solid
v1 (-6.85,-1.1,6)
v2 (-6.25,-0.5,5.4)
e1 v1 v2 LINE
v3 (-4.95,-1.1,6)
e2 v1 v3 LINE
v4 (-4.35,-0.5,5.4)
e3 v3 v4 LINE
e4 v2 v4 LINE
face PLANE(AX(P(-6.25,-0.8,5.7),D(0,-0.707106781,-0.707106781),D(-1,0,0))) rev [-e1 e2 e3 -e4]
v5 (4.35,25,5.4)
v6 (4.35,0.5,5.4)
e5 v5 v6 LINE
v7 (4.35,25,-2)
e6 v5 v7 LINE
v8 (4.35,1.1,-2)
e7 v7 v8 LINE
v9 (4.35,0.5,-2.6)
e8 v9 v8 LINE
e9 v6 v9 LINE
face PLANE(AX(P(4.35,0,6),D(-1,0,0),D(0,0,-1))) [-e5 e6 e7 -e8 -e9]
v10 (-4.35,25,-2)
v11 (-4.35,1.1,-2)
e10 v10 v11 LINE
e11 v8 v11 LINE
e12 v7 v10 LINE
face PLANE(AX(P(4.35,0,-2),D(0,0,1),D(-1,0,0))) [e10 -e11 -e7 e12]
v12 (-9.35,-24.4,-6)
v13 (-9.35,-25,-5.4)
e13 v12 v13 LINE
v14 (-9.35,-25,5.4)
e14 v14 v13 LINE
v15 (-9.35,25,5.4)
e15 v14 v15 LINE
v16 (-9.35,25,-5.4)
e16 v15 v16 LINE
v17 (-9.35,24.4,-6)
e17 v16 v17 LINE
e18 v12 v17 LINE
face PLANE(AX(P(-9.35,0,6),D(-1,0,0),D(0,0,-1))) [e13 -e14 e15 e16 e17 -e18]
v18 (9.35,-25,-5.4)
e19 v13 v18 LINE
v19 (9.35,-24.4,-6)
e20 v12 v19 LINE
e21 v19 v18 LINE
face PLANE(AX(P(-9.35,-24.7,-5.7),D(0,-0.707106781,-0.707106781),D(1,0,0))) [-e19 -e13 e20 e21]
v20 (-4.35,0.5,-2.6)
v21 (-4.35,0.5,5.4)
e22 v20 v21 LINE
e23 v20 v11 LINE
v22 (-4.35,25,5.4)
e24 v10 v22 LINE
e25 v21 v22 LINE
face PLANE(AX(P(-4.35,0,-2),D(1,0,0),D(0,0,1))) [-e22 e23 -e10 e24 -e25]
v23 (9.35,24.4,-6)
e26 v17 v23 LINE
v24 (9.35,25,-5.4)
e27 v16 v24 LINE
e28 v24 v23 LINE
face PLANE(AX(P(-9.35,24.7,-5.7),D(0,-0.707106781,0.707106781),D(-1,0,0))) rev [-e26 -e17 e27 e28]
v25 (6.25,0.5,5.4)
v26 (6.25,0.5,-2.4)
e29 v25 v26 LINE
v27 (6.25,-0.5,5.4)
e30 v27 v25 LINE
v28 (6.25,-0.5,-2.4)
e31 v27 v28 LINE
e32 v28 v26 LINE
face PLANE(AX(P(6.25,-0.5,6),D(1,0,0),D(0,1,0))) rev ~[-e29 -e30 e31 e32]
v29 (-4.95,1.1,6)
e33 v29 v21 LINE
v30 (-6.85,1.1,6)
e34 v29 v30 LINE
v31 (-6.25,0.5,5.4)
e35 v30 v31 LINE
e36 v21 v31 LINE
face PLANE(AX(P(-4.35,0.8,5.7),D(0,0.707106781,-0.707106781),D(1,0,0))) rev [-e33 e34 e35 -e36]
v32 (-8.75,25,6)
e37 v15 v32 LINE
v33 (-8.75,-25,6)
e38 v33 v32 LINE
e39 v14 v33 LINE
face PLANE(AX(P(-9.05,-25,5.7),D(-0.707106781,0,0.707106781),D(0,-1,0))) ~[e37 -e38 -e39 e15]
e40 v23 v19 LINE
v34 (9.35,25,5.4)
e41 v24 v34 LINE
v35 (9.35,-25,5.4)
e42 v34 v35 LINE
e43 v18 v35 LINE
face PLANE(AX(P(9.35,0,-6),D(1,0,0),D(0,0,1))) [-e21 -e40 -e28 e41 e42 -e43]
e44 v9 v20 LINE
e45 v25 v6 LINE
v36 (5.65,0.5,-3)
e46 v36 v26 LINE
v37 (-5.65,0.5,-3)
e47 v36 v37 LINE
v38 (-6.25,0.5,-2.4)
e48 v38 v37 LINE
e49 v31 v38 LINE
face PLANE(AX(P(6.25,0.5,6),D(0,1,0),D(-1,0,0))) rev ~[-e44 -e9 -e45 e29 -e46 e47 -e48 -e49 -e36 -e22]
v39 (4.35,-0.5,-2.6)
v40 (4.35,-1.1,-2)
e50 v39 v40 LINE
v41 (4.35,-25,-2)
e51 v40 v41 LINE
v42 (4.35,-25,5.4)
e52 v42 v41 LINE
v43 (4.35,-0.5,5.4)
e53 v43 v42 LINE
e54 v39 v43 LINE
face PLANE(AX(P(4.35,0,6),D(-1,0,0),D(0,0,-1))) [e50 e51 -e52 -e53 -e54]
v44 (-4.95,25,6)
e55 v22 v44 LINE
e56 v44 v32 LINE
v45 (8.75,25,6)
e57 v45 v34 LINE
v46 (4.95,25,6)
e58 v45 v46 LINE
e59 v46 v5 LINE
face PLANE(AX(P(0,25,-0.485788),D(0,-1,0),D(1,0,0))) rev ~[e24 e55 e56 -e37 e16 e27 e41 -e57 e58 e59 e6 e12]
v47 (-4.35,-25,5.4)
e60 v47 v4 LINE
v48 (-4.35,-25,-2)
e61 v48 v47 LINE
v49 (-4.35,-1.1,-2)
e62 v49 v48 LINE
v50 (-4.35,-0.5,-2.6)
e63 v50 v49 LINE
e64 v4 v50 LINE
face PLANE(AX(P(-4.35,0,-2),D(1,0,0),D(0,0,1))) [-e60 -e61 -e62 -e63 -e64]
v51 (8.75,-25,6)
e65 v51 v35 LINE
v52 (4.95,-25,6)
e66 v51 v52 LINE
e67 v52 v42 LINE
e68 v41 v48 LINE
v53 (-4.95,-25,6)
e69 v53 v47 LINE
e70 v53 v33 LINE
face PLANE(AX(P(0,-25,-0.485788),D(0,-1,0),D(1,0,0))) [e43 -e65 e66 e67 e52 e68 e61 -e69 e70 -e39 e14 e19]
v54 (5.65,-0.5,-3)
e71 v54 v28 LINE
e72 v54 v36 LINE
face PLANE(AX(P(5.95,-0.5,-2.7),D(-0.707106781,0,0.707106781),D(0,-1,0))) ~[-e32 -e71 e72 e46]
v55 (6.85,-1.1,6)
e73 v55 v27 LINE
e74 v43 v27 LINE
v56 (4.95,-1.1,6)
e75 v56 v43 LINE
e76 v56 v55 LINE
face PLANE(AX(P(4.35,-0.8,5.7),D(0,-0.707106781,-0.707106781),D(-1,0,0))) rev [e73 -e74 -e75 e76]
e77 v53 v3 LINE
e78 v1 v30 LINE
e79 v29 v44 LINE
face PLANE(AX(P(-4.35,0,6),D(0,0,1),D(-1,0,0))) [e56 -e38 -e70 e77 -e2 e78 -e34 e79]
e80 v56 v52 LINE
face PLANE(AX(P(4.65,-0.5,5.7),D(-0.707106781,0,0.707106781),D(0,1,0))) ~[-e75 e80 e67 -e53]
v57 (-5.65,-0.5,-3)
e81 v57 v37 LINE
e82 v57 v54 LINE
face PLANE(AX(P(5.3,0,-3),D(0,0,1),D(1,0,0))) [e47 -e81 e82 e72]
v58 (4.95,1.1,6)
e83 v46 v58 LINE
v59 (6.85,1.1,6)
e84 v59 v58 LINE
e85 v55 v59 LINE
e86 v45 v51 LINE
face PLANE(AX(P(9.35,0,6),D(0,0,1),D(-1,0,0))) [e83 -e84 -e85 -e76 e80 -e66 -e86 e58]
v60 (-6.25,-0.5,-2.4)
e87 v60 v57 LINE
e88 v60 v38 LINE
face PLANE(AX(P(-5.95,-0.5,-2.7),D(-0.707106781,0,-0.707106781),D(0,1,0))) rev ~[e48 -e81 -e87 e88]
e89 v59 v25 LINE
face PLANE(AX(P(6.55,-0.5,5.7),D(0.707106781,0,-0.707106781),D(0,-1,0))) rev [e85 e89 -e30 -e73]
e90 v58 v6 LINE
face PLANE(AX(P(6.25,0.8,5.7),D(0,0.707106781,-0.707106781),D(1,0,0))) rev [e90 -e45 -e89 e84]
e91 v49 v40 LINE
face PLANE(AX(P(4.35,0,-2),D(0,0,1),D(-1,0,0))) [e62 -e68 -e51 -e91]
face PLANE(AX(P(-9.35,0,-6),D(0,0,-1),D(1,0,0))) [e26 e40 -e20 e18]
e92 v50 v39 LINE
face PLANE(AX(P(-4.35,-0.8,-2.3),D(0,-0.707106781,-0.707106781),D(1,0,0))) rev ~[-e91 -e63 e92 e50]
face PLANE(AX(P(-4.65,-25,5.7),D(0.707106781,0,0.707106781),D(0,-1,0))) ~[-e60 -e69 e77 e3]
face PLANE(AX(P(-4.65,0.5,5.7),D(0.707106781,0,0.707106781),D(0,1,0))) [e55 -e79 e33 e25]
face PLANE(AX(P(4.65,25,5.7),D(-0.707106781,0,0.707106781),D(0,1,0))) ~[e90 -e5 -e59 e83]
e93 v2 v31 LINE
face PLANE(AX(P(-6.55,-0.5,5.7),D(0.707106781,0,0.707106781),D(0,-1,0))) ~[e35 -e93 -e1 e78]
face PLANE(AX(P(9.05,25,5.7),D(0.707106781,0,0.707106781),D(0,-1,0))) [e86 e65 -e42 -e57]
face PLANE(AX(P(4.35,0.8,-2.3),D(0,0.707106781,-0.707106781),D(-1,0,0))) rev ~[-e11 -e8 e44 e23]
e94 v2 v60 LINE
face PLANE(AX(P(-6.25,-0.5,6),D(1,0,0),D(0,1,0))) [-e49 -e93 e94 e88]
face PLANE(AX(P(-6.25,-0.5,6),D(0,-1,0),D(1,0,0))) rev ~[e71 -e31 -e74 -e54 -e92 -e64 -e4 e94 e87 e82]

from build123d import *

# Parameters (mm, degrees)
F1_DEPTH = 25
F2_W     = 1.9
F2_H     = 1
F2_W_2   = 10.6
F3_DEPTH = 9
F4_SIZE  = 0.6


with BuildPart() as f1:
    # F0 (on Front) → F1 (new body, symmetric)
    with BuildSketch(Plane.XZ):
        Polygon((-9.35, -6), (9.35, -6), (9.35, 6), (4.35, 6), (4.35, -2), (-4.35, -2), (-4.35, 6), (-9.35, 6), align=None)
    extrude(amount=F1_DEPTH, both=True)

    # F2 (on face) → F3 (cut)
    with BuildSketch(Plane.XY.offset(6)):
        with Locations((5.3, 0)):
            Rectangle(F2_W, F2_H)
        with Locations((-0.95, 0)):
            Rectangle(F2_W_2, F2_H)
    extrude(amount=-F3_DEPTH, mode=Mode.SUBTRACT)

    # F4 (call 1 of 10: OpenCascade refuses the feature's edges together)
    f4_edges = [f1.edges().sort_by_distance(p)[0] for p in [
        (5.3, 0.5, 6),
        (6.25, 0, 6),
        (5.3, -0.5, 6),
        (4.35, 12.75, 6),
        (4.35, -12.75, 6),
    ]]
    chamfer(f4_edges, length=F4_SIZE)

    # F4#2 (call 2 of 10)
    f4_2_edges = [f1.edges().sort_by_distance(p)[0] for p in [
        (-5.3, 0.5, 6),
        (-6.25, 0, 6),
        (-5.3, -0.5, 6),
        (-4.35, -12.75, 6),
        (-4.35, 12.75, 6),
    ]]
    chamfer(f4_2_edges, length=F4_SIZE)

    # F4#3 (call 3 of 10)
    f4_3_edges = [f1.edges().sort_by_distance(p)[0] for p in [
        (9.35, 0, 6),
    ]]
    chamfer(f4_3_edges, length=F4_SIZE)

    # F4#4 (call 4 of 10)
    f4_4_edges = [f1.edges().sort_by_distance(p)[0] for p in [
        (-9.35, 0, 6),
    ]]
    chamfer(f4_4_edges, length=F4_SIZE)

    # F4#5 (call 5 of 10)
    f4_5_edges = [f1.edges().sort_by_distance(p)[0] for p in [
        (0, 25, -6),
    ]]
    chamfer(f4_5_edges, length=F4_SIZE)

    # F4#6 (call 6 of 10)
    f4_6_edges = [f1.edges().sort_by_distance(p)[0] for p in [
        (0, -25, -6),
    ]]
    chamfer(f4_6_edges, length=F4_SIZE)

    # F4#7 (call 7 of 10)
    f4_7_edges = [f1.edges().sort_by_distance(p)[0] for p in [
        (-6.25, 0, -3),
    ]]
    chamfer(f4_7_edges, length=F4_SIZE)

    # F4#8 (call 8 of 10)
    f4_8_edges = [f1.edges().sort_by_distance(p)[0] for p in [
        (6.25, 0, -3),
    ]]
    chamfer(f4_8_edges, length=F4_SIZE)

    # F4#9 (call 9 of 10)
    f4_9_edges = [f1.edges().sort_by_distance(p)[0] for p in [
        (0, 0.5, -2),
    ]]
    chamfer(f4_9_edges, length=F4_SIZE)

    # F4#10 (call 10 of 10)
    f4_10_edges = [f1.edges().sort_by_distance(p)[0] for p in [
        (0, -0.5, -2),
    ]]
    chamfer(f4_10_edges, length=F4_SIZE)


solid = f1.part
